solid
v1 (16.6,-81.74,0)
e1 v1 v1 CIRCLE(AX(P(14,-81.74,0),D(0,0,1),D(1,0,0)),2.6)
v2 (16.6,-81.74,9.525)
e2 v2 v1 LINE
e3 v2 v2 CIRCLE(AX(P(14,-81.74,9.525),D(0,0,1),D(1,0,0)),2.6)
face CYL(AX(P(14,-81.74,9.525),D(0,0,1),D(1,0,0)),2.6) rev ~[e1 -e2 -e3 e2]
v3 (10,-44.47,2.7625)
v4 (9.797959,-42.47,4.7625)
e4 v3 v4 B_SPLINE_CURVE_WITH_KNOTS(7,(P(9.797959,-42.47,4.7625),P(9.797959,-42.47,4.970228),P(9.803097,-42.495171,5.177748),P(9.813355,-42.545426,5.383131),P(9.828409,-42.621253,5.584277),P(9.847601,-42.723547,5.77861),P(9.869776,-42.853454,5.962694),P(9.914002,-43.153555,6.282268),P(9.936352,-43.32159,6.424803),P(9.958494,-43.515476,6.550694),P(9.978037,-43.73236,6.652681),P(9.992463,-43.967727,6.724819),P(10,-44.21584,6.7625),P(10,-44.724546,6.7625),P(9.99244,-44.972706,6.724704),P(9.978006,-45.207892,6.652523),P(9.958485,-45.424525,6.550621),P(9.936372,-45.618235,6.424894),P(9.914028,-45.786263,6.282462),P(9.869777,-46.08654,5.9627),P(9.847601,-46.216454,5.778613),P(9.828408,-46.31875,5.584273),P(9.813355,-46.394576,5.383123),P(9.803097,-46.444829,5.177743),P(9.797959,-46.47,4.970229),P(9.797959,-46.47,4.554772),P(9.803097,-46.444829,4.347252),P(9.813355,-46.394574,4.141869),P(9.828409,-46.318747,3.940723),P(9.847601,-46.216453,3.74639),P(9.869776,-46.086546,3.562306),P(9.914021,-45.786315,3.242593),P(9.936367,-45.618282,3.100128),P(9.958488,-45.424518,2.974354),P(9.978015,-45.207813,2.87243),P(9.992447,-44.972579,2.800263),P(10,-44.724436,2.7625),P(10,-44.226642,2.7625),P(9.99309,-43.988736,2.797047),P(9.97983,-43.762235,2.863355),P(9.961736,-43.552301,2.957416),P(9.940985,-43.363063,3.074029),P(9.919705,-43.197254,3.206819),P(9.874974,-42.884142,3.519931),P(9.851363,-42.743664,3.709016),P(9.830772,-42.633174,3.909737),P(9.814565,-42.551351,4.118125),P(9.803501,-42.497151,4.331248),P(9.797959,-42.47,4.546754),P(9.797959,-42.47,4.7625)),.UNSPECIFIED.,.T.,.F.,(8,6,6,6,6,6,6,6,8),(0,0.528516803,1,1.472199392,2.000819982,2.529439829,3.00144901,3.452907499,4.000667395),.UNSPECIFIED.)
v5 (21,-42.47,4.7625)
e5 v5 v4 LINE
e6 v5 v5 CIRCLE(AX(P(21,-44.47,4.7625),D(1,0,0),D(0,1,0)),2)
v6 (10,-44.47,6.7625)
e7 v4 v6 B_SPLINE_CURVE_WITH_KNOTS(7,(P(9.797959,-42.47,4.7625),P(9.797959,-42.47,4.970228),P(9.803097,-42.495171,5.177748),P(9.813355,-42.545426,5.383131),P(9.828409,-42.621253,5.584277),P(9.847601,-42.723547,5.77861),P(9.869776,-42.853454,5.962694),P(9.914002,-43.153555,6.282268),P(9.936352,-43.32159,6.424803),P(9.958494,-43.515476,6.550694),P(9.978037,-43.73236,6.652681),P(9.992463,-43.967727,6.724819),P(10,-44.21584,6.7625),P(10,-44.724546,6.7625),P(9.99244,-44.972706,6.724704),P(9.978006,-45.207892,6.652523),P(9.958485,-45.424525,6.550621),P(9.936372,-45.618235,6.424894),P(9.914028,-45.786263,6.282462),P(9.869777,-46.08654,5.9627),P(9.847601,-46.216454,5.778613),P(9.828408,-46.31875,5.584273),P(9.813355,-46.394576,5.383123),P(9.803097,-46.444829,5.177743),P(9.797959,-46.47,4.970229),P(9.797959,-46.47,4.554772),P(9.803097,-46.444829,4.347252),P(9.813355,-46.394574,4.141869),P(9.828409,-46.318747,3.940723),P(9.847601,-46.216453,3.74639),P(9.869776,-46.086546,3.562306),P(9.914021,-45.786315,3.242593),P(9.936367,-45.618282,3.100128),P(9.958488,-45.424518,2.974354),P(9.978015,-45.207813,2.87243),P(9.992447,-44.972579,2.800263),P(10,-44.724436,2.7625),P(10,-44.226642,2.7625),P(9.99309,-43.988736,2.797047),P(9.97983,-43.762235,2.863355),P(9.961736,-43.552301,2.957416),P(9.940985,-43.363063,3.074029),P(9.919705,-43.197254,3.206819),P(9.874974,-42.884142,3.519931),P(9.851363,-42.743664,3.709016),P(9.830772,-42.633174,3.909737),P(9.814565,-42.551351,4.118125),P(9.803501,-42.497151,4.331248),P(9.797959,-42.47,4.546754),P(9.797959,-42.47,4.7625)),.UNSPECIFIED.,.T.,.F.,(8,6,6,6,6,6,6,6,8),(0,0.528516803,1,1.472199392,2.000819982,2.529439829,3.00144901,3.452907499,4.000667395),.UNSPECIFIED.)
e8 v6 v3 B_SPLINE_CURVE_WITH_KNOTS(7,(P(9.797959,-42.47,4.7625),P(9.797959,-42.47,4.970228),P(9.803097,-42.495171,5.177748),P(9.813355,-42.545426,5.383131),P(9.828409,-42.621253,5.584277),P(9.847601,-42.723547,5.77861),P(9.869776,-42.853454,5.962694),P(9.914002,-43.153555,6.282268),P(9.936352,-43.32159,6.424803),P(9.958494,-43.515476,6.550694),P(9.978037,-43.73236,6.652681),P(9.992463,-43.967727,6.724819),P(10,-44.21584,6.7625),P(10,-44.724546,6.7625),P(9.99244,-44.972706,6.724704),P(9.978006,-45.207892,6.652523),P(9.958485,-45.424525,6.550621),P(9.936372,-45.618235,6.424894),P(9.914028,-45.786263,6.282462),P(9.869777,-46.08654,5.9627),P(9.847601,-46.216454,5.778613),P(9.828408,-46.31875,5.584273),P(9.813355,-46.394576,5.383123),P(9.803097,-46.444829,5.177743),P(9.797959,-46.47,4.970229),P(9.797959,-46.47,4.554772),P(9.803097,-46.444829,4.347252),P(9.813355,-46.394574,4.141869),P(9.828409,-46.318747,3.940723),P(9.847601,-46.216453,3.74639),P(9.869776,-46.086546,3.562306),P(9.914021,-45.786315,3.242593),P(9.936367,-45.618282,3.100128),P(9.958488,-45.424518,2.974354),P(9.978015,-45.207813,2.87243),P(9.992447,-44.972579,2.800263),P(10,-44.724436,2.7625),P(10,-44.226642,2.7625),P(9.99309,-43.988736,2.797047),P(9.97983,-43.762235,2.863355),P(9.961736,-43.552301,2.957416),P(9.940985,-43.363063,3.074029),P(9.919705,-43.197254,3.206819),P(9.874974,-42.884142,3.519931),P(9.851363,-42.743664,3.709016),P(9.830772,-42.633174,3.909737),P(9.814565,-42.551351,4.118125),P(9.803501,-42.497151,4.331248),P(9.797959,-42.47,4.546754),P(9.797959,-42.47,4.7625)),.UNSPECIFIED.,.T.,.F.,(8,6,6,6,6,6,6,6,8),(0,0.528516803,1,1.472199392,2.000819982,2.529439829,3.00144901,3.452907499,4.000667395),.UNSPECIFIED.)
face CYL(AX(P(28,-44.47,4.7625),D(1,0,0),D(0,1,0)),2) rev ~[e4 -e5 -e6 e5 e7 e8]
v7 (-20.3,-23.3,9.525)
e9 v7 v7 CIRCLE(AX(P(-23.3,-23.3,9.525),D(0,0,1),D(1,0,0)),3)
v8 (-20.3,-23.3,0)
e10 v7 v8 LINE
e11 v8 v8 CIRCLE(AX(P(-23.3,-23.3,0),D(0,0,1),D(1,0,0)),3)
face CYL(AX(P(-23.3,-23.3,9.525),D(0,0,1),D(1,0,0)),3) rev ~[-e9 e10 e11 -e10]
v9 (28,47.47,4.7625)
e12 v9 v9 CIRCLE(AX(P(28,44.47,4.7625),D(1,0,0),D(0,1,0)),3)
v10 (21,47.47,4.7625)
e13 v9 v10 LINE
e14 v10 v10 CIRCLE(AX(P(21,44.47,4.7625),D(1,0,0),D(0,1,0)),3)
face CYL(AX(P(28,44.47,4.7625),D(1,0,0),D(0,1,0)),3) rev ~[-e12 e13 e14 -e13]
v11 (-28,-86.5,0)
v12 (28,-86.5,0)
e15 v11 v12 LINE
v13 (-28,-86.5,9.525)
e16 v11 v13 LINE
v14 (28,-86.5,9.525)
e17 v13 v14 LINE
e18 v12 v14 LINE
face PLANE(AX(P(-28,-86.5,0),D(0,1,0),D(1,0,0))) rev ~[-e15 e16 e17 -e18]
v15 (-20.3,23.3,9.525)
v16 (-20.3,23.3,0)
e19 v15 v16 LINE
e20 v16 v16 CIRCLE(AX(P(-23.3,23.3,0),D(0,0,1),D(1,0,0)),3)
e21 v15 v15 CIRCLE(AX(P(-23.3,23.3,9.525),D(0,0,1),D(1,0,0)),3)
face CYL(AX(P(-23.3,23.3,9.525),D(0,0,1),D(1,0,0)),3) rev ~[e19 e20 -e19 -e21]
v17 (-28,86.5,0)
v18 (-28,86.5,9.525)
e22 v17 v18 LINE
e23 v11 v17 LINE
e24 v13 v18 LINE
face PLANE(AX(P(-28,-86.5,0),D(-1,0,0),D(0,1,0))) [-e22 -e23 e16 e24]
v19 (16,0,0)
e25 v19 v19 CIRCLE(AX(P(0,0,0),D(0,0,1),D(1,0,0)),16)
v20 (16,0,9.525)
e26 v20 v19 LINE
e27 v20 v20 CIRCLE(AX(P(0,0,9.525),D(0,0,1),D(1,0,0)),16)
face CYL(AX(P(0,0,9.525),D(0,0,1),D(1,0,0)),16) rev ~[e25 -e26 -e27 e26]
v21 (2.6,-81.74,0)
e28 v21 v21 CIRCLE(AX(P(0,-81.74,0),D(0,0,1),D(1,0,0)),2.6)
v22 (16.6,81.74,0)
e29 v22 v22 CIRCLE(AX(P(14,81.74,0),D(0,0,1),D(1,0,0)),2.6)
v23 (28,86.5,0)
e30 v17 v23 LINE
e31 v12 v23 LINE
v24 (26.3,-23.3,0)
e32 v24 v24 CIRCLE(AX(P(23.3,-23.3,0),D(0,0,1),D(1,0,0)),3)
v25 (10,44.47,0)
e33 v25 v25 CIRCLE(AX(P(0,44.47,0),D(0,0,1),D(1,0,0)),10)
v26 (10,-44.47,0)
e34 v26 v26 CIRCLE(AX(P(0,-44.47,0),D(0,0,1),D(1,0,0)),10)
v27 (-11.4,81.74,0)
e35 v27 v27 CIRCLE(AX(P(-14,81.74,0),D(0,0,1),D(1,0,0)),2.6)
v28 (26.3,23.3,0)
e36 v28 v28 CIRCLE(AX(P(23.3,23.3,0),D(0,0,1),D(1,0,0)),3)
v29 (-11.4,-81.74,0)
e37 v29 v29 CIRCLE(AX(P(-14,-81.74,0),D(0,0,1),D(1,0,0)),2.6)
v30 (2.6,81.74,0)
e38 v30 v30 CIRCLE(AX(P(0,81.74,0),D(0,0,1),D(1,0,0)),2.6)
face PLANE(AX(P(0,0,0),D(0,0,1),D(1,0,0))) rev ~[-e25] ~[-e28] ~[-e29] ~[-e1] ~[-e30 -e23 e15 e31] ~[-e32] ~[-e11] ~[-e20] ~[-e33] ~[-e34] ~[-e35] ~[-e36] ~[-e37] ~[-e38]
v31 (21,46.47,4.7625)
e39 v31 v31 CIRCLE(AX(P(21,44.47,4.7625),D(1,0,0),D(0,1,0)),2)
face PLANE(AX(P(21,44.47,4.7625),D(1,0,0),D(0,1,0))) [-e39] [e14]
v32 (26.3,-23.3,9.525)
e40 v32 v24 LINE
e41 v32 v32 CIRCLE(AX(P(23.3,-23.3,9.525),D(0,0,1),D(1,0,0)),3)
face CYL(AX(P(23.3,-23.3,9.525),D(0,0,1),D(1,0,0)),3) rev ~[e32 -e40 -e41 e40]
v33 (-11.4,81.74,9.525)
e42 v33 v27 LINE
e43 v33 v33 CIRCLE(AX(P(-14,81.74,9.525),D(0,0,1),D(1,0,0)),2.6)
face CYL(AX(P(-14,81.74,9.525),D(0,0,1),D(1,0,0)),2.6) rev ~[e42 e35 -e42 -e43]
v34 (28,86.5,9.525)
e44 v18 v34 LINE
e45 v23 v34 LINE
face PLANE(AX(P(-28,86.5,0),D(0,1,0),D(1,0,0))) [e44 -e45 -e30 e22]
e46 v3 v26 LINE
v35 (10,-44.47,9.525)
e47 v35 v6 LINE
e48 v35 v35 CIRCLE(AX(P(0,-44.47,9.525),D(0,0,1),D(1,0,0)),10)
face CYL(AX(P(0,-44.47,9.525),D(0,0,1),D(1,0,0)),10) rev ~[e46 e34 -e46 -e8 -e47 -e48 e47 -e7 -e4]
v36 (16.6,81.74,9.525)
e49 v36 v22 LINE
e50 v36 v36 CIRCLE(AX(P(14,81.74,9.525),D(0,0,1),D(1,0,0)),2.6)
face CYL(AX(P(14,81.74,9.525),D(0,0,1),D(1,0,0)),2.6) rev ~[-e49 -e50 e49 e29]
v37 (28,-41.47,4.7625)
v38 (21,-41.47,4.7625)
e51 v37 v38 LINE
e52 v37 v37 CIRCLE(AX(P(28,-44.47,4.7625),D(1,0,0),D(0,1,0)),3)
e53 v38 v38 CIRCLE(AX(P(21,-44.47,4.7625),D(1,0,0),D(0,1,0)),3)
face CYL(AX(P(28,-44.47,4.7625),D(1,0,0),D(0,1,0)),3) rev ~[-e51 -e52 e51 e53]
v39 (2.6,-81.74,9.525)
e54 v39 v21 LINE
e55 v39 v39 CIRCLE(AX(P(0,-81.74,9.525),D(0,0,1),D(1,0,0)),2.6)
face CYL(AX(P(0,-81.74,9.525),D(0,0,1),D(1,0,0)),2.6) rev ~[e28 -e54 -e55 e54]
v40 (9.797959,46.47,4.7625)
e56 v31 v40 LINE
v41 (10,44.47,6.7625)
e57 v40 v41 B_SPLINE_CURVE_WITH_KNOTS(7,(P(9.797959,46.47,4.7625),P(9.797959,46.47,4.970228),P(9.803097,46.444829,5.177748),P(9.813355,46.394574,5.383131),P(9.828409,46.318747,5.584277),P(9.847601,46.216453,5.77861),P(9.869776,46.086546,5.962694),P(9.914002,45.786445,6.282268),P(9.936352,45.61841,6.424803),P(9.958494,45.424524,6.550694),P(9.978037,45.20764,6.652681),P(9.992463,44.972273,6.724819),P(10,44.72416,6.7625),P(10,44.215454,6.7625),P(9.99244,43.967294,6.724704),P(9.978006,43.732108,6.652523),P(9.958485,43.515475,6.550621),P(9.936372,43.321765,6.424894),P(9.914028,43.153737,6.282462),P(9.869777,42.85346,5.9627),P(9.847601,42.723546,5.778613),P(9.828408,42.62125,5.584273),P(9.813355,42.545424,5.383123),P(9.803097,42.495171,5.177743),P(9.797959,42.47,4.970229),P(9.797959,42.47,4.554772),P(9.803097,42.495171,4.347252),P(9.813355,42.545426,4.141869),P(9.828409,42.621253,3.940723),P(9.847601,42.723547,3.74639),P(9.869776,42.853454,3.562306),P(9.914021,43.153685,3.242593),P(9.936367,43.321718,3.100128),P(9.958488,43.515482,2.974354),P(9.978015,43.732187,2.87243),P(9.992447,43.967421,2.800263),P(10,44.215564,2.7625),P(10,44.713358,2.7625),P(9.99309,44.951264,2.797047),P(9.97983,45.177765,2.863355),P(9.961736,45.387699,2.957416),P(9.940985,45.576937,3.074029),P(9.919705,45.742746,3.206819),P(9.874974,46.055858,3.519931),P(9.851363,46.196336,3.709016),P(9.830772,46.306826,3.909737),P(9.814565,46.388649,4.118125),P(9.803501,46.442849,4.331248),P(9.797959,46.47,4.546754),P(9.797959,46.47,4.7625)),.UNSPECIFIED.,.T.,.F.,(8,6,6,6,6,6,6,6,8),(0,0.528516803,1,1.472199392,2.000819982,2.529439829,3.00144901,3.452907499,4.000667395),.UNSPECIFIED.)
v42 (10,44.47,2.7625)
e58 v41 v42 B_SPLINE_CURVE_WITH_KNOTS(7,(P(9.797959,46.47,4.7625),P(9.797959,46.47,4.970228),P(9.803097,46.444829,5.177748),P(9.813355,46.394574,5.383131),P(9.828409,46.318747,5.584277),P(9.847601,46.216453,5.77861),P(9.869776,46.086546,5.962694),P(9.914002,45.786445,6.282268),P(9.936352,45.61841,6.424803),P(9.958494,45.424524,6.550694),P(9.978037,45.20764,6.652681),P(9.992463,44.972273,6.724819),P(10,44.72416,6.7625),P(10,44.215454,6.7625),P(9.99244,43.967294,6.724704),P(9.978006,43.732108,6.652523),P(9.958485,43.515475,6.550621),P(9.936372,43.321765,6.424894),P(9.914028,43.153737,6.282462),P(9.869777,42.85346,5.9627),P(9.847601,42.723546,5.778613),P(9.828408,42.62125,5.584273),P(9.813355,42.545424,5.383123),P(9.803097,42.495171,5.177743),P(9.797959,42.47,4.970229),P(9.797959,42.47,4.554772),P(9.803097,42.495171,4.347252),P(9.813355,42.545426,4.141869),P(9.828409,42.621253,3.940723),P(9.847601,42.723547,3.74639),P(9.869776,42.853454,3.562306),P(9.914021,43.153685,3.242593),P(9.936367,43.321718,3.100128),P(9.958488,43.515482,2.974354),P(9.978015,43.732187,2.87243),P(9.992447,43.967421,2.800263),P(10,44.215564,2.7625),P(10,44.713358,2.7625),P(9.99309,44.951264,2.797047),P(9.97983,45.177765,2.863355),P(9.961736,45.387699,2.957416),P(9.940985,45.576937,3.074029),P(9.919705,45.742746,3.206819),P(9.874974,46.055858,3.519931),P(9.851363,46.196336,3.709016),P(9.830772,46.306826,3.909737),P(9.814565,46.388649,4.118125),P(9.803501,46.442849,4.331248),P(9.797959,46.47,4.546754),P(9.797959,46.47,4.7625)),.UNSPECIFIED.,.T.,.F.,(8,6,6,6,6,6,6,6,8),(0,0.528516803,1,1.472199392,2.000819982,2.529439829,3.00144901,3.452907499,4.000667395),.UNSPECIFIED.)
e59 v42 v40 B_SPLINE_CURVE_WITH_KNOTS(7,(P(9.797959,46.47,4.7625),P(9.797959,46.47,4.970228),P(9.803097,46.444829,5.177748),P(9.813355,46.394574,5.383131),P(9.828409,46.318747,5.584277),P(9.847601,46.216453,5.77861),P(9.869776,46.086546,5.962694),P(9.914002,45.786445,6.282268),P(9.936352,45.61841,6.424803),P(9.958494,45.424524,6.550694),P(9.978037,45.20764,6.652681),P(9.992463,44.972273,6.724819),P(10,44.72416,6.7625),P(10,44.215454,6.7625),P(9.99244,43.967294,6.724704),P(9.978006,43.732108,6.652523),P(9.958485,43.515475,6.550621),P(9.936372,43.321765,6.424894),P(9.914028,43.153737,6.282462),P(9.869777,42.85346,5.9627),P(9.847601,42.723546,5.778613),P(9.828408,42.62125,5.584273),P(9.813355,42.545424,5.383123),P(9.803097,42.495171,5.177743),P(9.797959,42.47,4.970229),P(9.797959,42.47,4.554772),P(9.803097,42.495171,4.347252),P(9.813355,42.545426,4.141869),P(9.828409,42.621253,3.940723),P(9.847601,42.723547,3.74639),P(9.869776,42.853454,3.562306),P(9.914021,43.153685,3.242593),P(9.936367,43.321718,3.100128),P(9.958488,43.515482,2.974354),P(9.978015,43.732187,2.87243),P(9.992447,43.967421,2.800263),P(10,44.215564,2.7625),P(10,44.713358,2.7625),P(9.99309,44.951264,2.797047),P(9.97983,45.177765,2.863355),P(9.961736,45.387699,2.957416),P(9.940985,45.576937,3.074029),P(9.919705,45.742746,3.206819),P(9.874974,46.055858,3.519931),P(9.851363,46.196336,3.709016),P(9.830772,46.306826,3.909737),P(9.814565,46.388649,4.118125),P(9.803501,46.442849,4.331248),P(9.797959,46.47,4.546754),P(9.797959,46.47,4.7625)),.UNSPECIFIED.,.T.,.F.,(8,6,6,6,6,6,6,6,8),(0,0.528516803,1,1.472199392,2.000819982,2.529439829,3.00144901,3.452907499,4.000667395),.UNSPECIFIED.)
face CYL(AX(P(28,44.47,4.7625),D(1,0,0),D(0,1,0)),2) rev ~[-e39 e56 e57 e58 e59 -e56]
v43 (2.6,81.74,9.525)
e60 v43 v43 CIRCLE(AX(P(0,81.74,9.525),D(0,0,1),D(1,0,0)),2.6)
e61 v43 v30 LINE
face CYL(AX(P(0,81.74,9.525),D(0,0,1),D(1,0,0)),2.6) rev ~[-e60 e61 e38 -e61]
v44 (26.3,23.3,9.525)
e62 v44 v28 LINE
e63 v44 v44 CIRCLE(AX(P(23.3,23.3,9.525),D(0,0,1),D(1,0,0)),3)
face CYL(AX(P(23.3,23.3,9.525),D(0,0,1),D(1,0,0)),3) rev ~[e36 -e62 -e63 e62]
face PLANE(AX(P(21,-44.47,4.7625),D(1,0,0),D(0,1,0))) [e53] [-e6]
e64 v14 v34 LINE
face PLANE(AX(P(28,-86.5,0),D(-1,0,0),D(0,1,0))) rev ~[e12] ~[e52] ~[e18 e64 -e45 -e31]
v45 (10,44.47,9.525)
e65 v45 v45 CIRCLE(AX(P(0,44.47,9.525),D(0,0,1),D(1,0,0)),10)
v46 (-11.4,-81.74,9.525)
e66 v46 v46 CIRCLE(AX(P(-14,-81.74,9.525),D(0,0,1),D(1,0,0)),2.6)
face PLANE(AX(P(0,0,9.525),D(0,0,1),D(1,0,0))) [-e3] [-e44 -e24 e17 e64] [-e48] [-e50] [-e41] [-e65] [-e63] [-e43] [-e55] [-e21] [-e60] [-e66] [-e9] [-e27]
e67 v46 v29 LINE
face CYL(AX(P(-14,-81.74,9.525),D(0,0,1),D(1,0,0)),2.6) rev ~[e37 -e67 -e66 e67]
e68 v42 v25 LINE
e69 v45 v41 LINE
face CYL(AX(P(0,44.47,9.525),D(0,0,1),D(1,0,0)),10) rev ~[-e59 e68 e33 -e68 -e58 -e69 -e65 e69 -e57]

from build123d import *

# Parameters (mm, degrees)
ESBO_O1_W                = 56
ESBO_O1_H                = 173
RESSALTO_EXTRUS_O1_DEPTH = 9.525
ESBO_O2_R                = 16
ESBO_O2_R_2              = 10
ESBO_O2_R_3              = 2.6
CORTE_EXTRUS_O1_DEPTH    = 9.525
CORTAR_EXTRUIR2_REACH    = 105.484
CROQUIS1_R               = 2
CROQUIS2_R               = 3
CORTAR_EXTRUIR3_DEPTH    = 7
ESBO_O3_R                = 3
CORTE_EXTRUS_O2_DEPTH    = 92.416495376


with BuildPart() as part:
    # Esboço1 → Ressalto-extrusão1 (new body)
    with BuildSketch(Plane.XY):
        Rectangle(ESBO_O1_W, ESBO_O1_H)
    extrude(amount=RESSALTO_EXTRUS_O1_DEPTH)

    # Esboço2 → Corte-extrusão1 (cut)
    with BuildSketch(Plane.XY.offset(9.525)):
        Circle(ESBO_O2_R)
        with Locations((0, 44.47)):
            Circle(ESBO_O2_R_2)
        with Locations((0, -44.47)):
            Circle(ESBO_O2_R_2)
        with Locations((0, 81.74)):
            Circle(ESBO_O2_R_3)
        with Locations((14, 81.74)):
            Circle(ESBO_O2_R_3)
        with Locations((-14, 81.74)):
            Circle(ESBO_O2_R_3)
        with Locations((14, -81.74)):
            Circle(ESBO_O2_R_3)
        with Locations((0, -81.74)):
            Circle(ESBO_O2_R_3)
        with Locations((-14, -81.74)):
            Circle(ESBO_O2_R_3)
    extrude(amount=-CORTE_EXTRUS_O1_DEPTH, mode=Mode.SUBTRACT)

    # Croquis1 → Cortar-Extruir2 (cut, up to next)
    with BuildSketch(Plane(origin=(28, 0, 0), x_dir=(0, 0, -1), z_dir=(1, 0, 0)), mode=Mode.PRIVATE) as cortar_extruir2_sk1:
        with Locations(Location((-4.7625, -44.47, 0), (0, 0, 90))):
            Circle(CROQUIS1_R)
    cortar_extruir2_tool1 = extrude(cortar_extruir2_sk1.sketch, amount=-CORTAR_EXTRUIR2_REACH, mode=Mode.PRIVATE) & part.part
    # Croquis1 → Cortar-Extruir2 (cut, up to next)
    with BuildSketch(Plane(origin=(28, 0, 0), x_dir=(0, 0, -1), z_dir=(1, 0, 0)), mode=Mode.PRIVATE) as cortar_extruir2_sk2:
        with Locations(Location((-4.7625, 44.47, 0), (0, 0, 90))):
            Circle(CROQUIS1_R)
    cortar_extruir2_tool2 = extrude(cortar_extruir2_sk2.sketch, amount=-CORTAR_EXTRUIR2_REACH, mode=Mode.PRIVATE) & part.part
    add(cortar_extruir2_tool1.solids().sort_by_distance((28, -44.47, 4.7625))[0], mode=Mode.SUBTRACT)
    add(cortar_extruir2_tool2.solids().sort_by_distance((28, 44.47, 4.7625))[0], mode=Mode.SUBTRACT)

    # Croquis2 → Cortar-Extruir3 (cut)
    with BuildSketch(Plane(origin=(28, 0, 0), x_dir=(0, 0, -1), z_dir=(1, 0, 0))):
        with Locations(Location((-4.7625, -44.47, 0), (0, 0, 90))):
            Circle(CROQUIS2_R)
        with Locations(Location((-4.7625, 44.47, 0), (0, 0, 90))):
            Circle(CROQUIS2_R)
    extrude(amount=-CORTAR_EXTRUIR3_DEPTH, mode=Mode.SUBTRACT)

    # Esboço3 → Corte-extrusão2 (cut, through all)
    with BuildSketch(Plane.XY.offset(9.525)):
        with Locations((-23.3, 23.3)):
            Circle(ESBO_O3_R)
        with Locations((23.3, 23.3)):
            Circle(ESBO_O3_R)
        with Locations((23.3, -23.3)):
            Circle(ESBO_O3_R)
        with Locations((-23.3, -23.3)):
            Circle(ESBO_O3_R)
    extrude(amount=-CORTE_EXTRUS_O2_DEPTH, mode=Mode.SUBTRACT)


solid = part.part
